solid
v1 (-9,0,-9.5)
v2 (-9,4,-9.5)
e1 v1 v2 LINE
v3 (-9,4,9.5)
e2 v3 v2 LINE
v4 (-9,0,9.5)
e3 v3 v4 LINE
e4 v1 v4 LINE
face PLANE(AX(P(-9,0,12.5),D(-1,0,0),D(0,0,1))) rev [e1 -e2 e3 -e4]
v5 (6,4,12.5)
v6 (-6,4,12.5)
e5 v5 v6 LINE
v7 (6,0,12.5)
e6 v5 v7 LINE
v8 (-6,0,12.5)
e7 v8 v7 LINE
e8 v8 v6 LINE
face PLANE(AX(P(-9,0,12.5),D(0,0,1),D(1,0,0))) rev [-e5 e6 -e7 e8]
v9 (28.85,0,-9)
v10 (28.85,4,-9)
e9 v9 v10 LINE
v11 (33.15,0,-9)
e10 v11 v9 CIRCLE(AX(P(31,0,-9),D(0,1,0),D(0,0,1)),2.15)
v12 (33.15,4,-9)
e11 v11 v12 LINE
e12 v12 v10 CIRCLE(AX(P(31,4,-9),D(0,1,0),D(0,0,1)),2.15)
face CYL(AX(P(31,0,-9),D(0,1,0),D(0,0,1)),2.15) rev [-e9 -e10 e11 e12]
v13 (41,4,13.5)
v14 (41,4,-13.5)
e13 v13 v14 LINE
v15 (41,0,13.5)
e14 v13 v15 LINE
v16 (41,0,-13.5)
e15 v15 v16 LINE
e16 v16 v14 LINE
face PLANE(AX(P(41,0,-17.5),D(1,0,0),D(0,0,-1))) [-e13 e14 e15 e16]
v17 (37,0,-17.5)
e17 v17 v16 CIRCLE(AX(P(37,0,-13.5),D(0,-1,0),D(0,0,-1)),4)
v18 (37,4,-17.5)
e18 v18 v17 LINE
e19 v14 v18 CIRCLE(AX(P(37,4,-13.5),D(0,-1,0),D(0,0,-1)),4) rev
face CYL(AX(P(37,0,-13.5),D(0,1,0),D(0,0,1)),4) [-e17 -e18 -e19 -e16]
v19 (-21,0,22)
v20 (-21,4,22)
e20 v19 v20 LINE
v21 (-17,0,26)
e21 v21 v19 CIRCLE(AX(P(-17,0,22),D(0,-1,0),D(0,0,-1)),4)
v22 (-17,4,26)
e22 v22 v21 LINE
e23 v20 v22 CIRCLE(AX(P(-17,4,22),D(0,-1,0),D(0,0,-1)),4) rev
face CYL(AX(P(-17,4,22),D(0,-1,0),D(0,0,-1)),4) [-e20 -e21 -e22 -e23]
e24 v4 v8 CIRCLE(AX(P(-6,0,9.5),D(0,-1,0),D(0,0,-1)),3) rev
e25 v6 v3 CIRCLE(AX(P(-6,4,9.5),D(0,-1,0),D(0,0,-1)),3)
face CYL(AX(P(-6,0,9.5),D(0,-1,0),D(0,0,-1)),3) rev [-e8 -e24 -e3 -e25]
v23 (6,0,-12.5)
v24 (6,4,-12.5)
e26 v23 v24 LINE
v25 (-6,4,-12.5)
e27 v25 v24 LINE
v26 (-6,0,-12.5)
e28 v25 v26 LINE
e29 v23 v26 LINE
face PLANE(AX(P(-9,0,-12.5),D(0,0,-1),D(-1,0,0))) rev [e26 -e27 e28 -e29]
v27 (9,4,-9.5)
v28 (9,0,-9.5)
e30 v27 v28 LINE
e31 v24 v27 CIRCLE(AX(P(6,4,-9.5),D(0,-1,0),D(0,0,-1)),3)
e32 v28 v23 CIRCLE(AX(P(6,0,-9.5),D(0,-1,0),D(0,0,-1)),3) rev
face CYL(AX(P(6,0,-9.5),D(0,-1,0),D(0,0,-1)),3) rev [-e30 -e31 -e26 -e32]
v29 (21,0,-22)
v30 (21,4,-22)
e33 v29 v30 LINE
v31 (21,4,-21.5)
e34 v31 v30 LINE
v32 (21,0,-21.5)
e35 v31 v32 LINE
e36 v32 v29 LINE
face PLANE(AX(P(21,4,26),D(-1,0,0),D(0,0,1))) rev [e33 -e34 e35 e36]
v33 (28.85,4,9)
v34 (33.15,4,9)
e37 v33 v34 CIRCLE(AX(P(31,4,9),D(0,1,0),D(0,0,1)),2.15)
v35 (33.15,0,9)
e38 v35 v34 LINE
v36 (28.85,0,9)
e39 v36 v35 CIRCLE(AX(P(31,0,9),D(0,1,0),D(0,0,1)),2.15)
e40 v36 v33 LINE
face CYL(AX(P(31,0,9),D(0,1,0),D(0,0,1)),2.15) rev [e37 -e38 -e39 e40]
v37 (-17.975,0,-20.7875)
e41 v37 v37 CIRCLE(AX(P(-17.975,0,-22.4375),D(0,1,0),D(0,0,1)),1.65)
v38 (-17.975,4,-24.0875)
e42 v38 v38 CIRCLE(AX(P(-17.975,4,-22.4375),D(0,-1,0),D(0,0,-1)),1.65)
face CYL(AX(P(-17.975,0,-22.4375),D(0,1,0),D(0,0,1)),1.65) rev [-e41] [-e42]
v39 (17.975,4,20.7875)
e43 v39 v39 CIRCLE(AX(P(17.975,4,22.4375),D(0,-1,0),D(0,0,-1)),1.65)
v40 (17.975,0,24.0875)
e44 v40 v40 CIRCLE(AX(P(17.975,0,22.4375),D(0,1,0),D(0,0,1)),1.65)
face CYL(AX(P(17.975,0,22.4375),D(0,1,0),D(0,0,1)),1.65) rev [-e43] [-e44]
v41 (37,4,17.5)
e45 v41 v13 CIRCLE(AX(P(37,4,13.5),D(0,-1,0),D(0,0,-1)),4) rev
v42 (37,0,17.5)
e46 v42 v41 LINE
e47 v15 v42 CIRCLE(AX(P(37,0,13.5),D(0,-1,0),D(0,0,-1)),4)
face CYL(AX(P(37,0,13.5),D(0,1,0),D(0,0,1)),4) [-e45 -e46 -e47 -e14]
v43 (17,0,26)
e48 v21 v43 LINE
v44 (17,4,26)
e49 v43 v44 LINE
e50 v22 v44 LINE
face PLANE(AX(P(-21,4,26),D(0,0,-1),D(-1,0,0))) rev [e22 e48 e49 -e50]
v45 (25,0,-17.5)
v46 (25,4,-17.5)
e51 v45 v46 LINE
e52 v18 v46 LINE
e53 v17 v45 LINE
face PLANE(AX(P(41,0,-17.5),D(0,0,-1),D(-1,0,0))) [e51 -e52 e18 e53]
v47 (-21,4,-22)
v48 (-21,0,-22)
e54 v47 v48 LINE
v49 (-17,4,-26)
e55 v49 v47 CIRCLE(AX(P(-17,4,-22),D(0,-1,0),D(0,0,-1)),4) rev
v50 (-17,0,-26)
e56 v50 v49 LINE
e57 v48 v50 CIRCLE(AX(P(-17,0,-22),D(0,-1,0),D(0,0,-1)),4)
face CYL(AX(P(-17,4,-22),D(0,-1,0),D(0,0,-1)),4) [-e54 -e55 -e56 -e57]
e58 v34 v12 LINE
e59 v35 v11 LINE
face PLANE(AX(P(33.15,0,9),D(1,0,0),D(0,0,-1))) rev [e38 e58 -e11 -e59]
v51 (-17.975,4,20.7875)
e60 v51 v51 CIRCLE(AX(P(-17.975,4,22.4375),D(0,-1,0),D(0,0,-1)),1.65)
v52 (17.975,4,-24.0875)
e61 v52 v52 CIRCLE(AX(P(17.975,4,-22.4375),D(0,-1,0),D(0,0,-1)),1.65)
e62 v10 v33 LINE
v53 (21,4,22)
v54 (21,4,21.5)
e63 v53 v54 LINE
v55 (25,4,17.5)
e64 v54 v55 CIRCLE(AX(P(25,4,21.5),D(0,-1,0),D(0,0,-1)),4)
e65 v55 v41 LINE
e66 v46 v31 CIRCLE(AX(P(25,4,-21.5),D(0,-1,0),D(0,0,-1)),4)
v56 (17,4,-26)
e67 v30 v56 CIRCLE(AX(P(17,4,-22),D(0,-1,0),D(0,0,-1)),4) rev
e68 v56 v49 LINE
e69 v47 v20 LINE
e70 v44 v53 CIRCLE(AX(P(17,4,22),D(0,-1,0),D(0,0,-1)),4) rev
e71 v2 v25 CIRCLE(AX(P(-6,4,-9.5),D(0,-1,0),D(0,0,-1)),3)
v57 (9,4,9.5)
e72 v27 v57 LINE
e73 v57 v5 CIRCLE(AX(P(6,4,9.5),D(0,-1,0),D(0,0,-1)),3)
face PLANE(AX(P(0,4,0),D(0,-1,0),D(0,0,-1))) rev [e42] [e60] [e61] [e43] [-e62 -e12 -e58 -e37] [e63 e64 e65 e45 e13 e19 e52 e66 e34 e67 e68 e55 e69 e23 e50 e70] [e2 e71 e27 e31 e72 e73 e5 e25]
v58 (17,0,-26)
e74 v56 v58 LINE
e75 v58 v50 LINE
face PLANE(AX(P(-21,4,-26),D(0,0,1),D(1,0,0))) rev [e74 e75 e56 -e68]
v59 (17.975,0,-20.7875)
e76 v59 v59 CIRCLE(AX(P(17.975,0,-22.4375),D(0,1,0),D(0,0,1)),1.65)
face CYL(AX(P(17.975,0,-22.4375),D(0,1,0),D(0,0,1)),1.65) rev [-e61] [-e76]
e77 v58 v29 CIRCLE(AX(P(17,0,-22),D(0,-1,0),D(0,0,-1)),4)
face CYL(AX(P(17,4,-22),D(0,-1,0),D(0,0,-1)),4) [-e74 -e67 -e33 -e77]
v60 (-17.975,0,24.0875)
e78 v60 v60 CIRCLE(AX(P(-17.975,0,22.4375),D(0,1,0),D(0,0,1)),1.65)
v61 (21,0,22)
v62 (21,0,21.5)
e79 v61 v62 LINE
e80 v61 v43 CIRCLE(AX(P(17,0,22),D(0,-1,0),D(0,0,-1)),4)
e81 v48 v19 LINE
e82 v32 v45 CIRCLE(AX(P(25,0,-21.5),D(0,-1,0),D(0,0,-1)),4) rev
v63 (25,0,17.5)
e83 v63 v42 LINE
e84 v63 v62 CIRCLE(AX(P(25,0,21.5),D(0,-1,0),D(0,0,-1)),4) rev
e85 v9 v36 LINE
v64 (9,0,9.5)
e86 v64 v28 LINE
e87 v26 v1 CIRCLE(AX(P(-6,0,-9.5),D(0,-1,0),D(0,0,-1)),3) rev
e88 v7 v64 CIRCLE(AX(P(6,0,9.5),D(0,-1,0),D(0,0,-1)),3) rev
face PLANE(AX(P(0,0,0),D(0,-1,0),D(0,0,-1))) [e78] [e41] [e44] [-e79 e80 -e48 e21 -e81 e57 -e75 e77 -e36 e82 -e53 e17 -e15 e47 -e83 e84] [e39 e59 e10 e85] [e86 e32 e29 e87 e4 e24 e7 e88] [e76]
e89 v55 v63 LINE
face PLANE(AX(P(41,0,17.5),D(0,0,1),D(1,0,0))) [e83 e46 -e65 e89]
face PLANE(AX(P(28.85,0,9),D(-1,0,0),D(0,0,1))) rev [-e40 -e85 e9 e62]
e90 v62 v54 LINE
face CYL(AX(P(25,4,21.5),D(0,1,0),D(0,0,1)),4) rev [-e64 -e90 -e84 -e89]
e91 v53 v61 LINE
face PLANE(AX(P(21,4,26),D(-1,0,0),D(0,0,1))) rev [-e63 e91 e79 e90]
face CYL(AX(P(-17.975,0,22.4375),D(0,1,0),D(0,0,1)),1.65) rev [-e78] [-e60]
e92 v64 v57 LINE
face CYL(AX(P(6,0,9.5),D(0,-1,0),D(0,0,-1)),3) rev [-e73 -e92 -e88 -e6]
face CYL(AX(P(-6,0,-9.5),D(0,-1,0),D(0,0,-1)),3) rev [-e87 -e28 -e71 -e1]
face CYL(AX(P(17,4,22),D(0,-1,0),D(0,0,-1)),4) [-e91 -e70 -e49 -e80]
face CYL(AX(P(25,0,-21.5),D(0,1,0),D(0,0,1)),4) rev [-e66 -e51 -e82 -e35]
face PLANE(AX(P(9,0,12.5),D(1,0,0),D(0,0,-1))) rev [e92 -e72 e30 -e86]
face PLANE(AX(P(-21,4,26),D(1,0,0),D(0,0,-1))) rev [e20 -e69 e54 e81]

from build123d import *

# Parameters (mm, degrees)
SKETCH1_W               = 42
SKETCH1_H               = 52
BOSS_EXTRUDE1_DEPTH     = 4
SKETCH2_R               = 1.65
CUT_EXTRUDE1_DEPTH      = 1
CUT_EXTRUDE1_DEPTH_BACK = 5
SKETCH3_W               = 20
SKETCH3_H               = 35
BOSS_EXTRUDE2_DEPTH     = 4
FILLET1_R               = 4
CUT_EXTRUDE2_DEPTH      = 1
CUT_EXTRUDE2_DEPTH_BACK = 5
SKETCH5_W               = 18
SKETCH5_H               = 25
CUT_EXTRUDE3_DEPTH      = 1
CUT_EXTRUDE3_DEPTH_BACK = 5
FILLET2_R               = 3


with BuildPart() as part:
    # Sketch1 → Boss-Extrude1 (new body)
    with BuildSketch(Plane(origin=(0, 0, 0), x_dir=(1, 0, 0), z_dir=(0, 1, 0))):
        Rectangle(SKETCH1_W, SKETCH1_H)
    extrude(amount=BOSS_EXTRUDE1_DEPTH)

    # Sketch2 → Cut-Extrude1 (cut, two sides)
    with BuildSketch(Plane(origin=(0, 4, 0), x_dir=(1, 0, 0), z_dir=(0, 1, 0))) as cut_extrude1_sk:
        with Locations((-17.975, 22.4375)):
            Circle(SKETCH2_R)
        with Locations((17.975, 22.4375)):
            Circle(SKETCH2_R)
        with Locations((17.975, -22.4375)):
            Circle(SKETCH2_R)
        with Locations((-17.975, -22.4375)):
            Circle(SKETCH2_R)
    extrude(amount=CUT_EXTRUDE1_DEPTH, mode=Mode.SUBTRACT)
    extrude(cut_extrude1_sk.sketch, amount=-CUT_EXTRUDE1_DEPTH_BACK, mode=Mode.SUBTRACT)

    # Sketch3 → Boss-Extrude2 (add)
    with BuildSketch(Plane(origin=(0, 4, 0), x_dir=(1, 0, 0), z_dir=(0, 1, 0))):
        with Locations((31, 0)):
            Rectangle(SKETCH3_W, SKETCH3_H)
    extrude(amount=-BOSS_EXTRUDE2_DEPTH)

    # Fillet1
    fillet1_edges = [part.edges().sort_by_distance(p)[0] for p in [
        (21, 2, 17.5),
        (21, 2, -17.5),
        (41, 2, -17.5),
        (41, 2, 17.5),
        (21, 2, 26),
        (-21, 2, 26),
        (-21, 2, -26),
        (21, 2, -26),
    ]]
    fillet(fillet1_edges, radius=FILLET1_R)

    # Sketch4 → Cut-Extrude2 (cut, two sides)
    with BuildSketch(Plane(origin=(0, 4, 0), x_dir=(1, 0, 0), z_dir=(0, 1, 0))) as cut_extrude2_sk:
        with BuildLine():
            Line((28.85, -9), (28.85, 9))
            ThreePointArc((28.85, 9), (31, 11.15), (33.15, 9))
            Line((33.15, 9), (33.15, -9))
            ThreePointArc((33.15, -9), (31, -11.15), (28.85, -9))
        make_face()
    extrude(amount=CUT_EXTRUDE2_DEPTH, mode=Mode.SUBTRACT)
    extrude(cut_extrude2_sk.sketch, amount=-CUT_EXTRUDE2_DEPTH_BACK, mode=Mode.SUBTRACT)

    # Sketch5 → Cut-Extrude3 (cut, two sides)
    with BuildSketch(Plane(origin=(0, 4, 0), x_dir=(1, 0, 0), z_dir=(0, 1, 0))) as cut_extrude3_sk:
        Rectangle(SKETCH5_W, SKETCH5_H)
    extrude(amount=CUT_EXTRUDE3_DEPTH, mode=Mode.SUBTRACT)
    extrude(cut_extrude3_sk.sketch, amount=-CUT_EXTRUDE3_DEPTH_BACK, mode=Mode.SUBTRACT)

    # Fillet2
    fillet2_edges = [part.edges().sort_by_distance(p)[0] for p in [
        (9, 2, -12.5),
        (9, 2, 12.5),
        (-9, 2, 12.5),
        (-9, 2, -12.5),
    ]]
    fillet(fillet2_edges, radius=FILLET2_R)


solid = part.part
